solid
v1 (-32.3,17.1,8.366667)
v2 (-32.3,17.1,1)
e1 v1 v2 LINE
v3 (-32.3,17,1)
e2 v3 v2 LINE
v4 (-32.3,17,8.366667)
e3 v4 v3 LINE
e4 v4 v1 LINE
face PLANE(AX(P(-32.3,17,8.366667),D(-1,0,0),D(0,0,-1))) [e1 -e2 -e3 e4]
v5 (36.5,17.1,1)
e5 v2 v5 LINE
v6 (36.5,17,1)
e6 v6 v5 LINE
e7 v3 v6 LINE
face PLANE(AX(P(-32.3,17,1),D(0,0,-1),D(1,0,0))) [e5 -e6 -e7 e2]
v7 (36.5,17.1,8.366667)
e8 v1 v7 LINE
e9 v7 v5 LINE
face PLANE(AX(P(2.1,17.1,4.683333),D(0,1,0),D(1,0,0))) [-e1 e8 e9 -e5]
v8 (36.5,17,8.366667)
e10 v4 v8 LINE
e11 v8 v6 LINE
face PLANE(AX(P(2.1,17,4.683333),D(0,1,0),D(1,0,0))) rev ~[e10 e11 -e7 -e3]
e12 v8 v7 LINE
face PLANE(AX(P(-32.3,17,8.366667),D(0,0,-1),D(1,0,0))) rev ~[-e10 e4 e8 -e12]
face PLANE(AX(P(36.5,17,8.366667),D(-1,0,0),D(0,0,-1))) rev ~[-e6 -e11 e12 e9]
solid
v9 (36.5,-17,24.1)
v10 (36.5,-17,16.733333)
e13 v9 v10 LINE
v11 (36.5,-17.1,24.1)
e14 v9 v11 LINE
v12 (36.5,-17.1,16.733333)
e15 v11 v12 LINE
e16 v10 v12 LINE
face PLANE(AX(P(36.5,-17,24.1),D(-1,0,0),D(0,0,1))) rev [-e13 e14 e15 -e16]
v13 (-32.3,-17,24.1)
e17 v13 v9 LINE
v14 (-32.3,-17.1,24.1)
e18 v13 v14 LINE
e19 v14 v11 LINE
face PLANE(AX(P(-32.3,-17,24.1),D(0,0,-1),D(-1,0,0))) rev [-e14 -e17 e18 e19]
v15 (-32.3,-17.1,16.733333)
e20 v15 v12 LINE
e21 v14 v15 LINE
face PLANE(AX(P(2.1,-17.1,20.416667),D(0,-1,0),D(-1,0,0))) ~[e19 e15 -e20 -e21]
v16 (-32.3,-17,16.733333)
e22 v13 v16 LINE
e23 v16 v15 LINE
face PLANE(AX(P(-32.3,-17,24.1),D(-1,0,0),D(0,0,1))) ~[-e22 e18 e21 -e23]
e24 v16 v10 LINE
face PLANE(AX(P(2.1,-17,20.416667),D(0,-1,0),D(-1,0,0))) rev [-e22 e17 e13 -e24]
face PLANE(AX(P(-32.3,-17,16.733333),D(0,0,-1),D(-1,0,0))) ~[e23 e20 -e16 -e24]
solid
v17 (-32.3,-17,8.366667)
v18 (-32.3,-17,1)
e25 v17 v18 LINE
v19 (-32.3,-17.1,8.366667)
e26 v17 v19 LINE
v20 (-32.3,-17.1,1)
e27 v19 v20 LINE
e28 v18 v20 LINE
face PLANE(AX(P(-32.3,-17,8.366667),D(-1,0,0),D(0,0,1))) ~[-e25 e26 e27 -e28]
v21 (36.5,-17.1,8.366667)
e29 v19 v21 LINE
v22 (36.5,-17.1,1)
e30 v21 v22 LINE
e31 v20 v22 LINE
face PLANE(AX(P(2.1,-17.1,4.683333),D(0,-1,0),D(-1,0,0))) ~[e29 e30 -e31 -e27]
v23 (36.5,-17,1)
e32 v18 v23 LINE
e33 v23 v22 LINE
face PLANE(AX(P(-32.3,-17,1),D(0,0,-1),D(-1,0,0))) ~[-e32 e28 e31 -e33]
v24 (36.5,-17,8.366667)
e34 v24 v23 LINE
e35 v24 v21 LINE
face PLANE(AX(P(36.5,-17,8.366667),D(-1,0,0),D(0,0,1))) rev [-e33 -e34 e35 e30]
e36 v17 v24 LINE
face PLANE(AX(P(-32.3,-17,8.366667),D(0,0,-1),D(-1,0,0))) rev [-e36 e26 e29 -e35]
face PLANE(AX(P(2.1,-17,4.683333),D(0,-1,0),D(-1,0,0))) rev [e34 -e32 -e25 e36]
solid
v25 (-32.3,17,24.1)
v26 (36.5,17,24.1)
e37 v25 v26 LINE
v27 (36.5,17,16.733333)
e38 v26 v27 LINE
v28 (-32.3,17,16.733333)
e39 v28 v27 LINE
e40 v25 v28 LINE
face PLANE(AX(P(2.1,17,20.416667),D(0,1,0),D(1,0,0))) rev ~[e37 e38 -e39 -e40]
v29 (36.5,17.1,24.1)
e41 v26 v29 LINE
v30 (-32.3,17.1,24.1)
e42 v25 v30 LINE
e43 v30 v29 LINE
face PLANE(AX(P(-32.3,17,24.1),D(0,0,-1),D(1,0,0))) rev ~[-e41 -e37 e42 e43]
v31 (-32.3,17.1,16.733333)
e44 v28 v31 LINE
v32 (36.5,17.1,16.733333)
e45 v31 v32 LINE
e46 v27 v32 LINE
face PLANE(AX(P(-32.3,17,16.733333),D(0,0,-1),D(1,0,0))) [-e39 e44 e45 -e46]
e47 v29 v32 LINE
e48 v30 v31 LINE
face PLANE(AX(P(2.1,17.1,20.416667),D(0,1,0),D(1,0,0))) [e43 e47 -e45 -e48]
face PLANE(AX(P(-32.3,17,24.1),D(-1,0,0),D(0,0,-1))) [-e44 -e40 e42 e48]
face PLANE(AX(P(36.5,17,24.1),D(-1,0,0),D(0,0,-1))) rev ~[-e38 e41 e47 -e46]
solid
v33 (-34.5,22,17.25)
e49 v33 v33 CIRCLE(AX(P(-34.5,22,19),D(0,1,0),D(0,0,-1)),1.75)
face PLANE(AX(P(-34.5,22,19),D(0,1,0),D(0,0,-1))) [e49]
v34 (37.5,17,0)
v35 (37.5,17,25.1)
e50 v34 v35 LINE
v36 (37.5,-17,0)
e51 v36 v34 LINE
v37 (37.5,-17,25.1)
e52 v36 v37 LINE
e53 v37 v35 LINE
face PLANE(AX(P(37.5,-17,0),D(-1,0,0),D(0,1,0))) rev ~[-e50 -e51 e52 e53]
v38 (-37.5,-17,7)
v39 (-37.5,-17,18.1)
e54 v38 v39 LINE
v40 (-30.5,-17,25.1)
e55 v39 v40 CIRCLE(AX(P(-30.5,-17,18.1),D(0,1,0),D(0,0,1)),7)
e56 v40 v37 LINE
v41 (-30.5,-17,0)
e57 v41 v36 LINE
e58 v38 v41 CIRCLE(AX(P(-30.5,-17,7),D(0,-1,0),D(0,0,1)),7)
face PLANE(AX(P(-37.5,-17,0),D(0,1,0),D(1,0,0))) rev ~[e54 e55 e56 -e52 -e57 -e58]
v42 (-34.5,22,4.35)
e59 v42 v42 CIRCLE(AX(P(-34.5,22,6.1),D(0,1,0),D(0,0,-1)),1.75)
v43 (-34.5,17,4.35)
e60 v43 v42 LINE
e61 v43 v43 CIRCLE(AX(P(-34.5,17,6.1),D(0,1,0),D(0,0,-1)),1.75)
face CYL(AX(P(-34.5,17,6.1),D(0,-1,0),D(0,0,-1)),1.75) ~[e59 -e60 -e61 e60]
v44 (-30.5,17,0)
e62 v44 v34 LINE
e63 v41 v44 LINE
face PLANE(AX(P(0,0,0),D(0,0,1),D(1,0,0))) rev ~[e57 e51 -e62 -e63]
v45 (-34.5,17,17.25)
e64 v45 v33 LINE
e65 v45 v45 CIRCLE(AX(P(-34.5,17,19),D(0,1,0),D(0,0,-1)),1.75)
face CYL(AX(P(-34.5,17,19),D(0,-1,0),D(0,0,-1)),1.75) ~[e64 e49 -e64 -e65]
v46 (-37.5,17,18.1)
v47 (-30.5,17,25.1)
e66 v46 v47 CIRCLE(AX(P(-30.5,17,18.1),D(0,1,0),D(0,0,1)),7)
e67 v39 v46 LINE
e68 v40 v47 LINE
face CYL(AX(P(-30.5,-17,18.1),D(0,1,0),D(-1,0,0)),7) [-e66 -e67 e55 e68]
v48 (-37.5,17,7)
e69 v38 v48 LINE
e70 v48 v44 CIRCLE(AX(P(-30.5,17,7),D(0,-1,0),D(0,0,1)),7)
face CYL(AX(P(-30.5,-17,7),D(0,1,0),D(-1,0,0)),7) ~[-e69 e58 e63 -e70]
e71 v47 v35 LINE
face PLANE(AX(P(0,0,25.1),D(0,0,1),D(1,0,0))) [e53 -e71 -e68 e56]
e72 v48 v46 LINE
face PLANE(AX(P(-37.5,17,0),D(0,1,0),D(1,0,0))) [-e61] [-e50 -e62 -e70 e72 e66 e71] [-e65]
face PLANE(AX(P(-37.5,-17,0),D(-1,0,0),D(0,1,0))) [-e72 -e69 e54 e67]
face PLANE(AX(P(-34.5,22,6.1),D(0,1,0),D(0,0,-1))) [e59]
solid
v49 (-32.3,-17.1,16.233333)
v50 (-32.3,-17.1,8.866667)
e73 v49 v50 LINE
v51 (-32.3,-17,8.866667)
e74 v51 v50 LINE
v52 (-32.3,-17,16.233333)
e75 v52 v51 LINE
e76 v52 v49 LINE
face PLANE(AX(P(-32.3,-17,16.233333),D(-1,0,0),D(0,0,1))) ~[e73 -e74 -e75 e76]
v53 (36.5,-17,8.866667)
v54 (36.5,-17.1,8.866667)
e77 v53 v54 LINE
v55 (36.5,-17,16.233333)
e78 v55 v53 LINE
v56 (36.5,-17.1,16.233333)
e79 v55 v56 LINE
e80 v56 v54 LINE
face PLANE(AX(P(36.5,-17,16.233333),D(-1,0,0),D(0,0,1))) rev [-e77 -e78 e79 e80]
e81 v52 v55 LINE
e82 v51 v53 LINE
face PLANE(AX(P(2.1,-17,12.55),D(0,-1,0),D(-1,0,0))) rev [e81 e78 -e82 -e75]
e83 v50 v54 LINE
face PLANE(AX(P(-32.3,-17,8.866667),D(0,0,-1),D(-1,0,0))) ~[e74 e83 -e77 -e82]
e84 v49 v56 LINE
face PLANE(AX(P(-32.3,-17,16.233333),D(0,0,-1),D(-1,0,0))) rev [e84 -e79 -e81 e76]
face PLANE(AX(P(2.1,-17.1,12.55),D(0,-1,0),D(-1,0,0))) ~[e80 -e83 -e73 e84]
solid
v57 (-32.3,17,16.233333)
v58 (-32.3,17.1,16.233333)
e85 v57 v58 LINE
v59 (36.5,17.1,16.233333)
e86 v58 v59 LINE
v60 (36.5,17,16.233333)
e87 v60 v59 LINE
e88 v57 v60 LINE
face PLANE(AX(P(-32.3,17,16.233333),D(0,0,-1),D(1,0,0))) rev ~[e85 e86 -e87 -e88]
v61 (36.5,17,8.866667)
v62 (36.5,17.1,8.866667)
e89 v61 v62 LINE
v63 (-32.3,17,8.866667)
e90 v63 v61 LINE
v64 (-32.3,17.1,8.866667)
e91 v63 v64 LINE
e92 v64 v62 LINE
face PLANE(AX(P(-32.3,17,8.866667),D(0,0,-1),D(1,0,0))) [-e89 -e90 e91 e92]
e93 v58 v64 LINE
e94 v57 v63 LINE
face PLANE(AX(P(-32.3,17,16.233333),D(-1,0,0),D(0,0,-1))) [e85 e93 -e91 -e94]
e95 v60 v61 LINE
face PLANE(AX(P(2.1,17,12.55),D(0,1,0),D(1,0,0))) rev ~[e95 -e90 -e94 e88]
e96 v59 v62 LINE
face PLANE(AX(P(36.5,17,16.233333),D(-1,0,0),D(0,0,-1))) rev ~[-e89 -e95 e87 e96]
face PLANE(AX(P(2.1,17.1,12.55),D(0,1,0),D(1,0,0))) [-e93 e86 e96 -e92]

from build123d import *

# Parameters (mm, degrees)
SKETCH1_W             = 75
SKETCH1_H             = 34
BOSS_EXTRUDE1_DEPTH   = 25.1
FILLET1_R             = 7
SKETCH2_W             = 68.8
SKETCH2_H             = 7.366666667
BOSS_EXTRUDE2_DEPTH   = 0.1
SKETCH2_H_2           = 7.366666666
BOSS_EXTRUDE2_2_DEPTH = 0.1
BOSS_EXTRUDE2_3_DEPTH = 0.1
SKETCH3_R             = 1.75
BOSS_EXTRUDE3_DEPTH   = 5


with BuildPart() as part:
    # Sketch1 → Boss-Extrude1 (new body)
    with BuildSketch(Plane.XY):
        Rectangle(SKETCH1_W, SKETCH1_H)
    extrude(amount=BOSS_EXTRUDE1_DEPTH)

    # Fillet1
    fillet1_edges = [part.edges().sort_by_distance(p)[0] for p in [
        (-37.5, 0, 25.1),
        (-37.5, 0, 0),
    ]]
    fillet(fillet1_edges, radius=FILLET1_R)

    # Sketch3 → Boss-Extrude3 (add)
    with BuildSketch(Plane(origin=(0, 17, 0), x_dir=(1, 0, 0), z_dir=(0, 1, 0))):
        with Locations(Location((-34.5, -6.1, 0), (0, 0, 90))):
            Circle(SKETCH3_R)
        with Locations(Location((-34.5, -19, 0), (0, 0, 90))):
            Circle(SKETCH3_R)
    extrude(amount=BOSS_EXTRUDE3_DEPTH)


with BuildPart() as body_2:
    # Sketch2 → Boss-Extrude2 (new body)
    with BuildSketch(Plane(origin=(0, 17, 0), x_dir=(1, 0, 0), z_dir=(0, 1, 0))):
        with Locations((2.1, -4.683333334)):
            Rectangle(SKETCH2_W, SKETCH2_H)
    extrude(amount=BOSS_EXTRUDE2_DEPTH)


with BuildPart() as body_3:
    # Sketch2 → Boss-Extrude2 2 (new body)
    with BuildSketch(Plane(origin=(0, 17, 0), x_dir=(1, 0, 0), z_dir=(0, 1, 0))):
        with Locations((2.1, -12.55)):
            Rectangle(SKETCH2_W, SKETCH2_H_2)
    extrude(amount=BOSS_EXTRUDE2_2_DEPTH)


with BuildPart() as body_4:
    # Sketch2 → Boss-Extrude2 3 (new body)
    with BuildSketch(Plane(origin=(0, 17, 0), x_dir=(1, 0, 0), z_dir=(0, 1, 0))):
        with Locations((2.1, -20.416666666)):
            Rectangle(SKETCH2_W, SKETCH2_H)
    extrude(amount=BOSS_EXTRUDE2_3_DEPTH)


with BuildPart() as body_5:
    # Mirror1: mirrored copy
    add(body_4.part.mirror(Plane.ZX))


with BuildPart() as body_6:
    # Mirror1 2: mirrored copy
    add(body_3.part.mirror(Plane.ZX))


with BuildPart() as body_7:
    # Mirror1 3: mirrored copy
    add(body_2.part.mirror(Plane.ZX))


solid = Compound([part.part, body_2.part, body_3.part, body_4.part, body_5.part, body_6.part, body_7.part])
